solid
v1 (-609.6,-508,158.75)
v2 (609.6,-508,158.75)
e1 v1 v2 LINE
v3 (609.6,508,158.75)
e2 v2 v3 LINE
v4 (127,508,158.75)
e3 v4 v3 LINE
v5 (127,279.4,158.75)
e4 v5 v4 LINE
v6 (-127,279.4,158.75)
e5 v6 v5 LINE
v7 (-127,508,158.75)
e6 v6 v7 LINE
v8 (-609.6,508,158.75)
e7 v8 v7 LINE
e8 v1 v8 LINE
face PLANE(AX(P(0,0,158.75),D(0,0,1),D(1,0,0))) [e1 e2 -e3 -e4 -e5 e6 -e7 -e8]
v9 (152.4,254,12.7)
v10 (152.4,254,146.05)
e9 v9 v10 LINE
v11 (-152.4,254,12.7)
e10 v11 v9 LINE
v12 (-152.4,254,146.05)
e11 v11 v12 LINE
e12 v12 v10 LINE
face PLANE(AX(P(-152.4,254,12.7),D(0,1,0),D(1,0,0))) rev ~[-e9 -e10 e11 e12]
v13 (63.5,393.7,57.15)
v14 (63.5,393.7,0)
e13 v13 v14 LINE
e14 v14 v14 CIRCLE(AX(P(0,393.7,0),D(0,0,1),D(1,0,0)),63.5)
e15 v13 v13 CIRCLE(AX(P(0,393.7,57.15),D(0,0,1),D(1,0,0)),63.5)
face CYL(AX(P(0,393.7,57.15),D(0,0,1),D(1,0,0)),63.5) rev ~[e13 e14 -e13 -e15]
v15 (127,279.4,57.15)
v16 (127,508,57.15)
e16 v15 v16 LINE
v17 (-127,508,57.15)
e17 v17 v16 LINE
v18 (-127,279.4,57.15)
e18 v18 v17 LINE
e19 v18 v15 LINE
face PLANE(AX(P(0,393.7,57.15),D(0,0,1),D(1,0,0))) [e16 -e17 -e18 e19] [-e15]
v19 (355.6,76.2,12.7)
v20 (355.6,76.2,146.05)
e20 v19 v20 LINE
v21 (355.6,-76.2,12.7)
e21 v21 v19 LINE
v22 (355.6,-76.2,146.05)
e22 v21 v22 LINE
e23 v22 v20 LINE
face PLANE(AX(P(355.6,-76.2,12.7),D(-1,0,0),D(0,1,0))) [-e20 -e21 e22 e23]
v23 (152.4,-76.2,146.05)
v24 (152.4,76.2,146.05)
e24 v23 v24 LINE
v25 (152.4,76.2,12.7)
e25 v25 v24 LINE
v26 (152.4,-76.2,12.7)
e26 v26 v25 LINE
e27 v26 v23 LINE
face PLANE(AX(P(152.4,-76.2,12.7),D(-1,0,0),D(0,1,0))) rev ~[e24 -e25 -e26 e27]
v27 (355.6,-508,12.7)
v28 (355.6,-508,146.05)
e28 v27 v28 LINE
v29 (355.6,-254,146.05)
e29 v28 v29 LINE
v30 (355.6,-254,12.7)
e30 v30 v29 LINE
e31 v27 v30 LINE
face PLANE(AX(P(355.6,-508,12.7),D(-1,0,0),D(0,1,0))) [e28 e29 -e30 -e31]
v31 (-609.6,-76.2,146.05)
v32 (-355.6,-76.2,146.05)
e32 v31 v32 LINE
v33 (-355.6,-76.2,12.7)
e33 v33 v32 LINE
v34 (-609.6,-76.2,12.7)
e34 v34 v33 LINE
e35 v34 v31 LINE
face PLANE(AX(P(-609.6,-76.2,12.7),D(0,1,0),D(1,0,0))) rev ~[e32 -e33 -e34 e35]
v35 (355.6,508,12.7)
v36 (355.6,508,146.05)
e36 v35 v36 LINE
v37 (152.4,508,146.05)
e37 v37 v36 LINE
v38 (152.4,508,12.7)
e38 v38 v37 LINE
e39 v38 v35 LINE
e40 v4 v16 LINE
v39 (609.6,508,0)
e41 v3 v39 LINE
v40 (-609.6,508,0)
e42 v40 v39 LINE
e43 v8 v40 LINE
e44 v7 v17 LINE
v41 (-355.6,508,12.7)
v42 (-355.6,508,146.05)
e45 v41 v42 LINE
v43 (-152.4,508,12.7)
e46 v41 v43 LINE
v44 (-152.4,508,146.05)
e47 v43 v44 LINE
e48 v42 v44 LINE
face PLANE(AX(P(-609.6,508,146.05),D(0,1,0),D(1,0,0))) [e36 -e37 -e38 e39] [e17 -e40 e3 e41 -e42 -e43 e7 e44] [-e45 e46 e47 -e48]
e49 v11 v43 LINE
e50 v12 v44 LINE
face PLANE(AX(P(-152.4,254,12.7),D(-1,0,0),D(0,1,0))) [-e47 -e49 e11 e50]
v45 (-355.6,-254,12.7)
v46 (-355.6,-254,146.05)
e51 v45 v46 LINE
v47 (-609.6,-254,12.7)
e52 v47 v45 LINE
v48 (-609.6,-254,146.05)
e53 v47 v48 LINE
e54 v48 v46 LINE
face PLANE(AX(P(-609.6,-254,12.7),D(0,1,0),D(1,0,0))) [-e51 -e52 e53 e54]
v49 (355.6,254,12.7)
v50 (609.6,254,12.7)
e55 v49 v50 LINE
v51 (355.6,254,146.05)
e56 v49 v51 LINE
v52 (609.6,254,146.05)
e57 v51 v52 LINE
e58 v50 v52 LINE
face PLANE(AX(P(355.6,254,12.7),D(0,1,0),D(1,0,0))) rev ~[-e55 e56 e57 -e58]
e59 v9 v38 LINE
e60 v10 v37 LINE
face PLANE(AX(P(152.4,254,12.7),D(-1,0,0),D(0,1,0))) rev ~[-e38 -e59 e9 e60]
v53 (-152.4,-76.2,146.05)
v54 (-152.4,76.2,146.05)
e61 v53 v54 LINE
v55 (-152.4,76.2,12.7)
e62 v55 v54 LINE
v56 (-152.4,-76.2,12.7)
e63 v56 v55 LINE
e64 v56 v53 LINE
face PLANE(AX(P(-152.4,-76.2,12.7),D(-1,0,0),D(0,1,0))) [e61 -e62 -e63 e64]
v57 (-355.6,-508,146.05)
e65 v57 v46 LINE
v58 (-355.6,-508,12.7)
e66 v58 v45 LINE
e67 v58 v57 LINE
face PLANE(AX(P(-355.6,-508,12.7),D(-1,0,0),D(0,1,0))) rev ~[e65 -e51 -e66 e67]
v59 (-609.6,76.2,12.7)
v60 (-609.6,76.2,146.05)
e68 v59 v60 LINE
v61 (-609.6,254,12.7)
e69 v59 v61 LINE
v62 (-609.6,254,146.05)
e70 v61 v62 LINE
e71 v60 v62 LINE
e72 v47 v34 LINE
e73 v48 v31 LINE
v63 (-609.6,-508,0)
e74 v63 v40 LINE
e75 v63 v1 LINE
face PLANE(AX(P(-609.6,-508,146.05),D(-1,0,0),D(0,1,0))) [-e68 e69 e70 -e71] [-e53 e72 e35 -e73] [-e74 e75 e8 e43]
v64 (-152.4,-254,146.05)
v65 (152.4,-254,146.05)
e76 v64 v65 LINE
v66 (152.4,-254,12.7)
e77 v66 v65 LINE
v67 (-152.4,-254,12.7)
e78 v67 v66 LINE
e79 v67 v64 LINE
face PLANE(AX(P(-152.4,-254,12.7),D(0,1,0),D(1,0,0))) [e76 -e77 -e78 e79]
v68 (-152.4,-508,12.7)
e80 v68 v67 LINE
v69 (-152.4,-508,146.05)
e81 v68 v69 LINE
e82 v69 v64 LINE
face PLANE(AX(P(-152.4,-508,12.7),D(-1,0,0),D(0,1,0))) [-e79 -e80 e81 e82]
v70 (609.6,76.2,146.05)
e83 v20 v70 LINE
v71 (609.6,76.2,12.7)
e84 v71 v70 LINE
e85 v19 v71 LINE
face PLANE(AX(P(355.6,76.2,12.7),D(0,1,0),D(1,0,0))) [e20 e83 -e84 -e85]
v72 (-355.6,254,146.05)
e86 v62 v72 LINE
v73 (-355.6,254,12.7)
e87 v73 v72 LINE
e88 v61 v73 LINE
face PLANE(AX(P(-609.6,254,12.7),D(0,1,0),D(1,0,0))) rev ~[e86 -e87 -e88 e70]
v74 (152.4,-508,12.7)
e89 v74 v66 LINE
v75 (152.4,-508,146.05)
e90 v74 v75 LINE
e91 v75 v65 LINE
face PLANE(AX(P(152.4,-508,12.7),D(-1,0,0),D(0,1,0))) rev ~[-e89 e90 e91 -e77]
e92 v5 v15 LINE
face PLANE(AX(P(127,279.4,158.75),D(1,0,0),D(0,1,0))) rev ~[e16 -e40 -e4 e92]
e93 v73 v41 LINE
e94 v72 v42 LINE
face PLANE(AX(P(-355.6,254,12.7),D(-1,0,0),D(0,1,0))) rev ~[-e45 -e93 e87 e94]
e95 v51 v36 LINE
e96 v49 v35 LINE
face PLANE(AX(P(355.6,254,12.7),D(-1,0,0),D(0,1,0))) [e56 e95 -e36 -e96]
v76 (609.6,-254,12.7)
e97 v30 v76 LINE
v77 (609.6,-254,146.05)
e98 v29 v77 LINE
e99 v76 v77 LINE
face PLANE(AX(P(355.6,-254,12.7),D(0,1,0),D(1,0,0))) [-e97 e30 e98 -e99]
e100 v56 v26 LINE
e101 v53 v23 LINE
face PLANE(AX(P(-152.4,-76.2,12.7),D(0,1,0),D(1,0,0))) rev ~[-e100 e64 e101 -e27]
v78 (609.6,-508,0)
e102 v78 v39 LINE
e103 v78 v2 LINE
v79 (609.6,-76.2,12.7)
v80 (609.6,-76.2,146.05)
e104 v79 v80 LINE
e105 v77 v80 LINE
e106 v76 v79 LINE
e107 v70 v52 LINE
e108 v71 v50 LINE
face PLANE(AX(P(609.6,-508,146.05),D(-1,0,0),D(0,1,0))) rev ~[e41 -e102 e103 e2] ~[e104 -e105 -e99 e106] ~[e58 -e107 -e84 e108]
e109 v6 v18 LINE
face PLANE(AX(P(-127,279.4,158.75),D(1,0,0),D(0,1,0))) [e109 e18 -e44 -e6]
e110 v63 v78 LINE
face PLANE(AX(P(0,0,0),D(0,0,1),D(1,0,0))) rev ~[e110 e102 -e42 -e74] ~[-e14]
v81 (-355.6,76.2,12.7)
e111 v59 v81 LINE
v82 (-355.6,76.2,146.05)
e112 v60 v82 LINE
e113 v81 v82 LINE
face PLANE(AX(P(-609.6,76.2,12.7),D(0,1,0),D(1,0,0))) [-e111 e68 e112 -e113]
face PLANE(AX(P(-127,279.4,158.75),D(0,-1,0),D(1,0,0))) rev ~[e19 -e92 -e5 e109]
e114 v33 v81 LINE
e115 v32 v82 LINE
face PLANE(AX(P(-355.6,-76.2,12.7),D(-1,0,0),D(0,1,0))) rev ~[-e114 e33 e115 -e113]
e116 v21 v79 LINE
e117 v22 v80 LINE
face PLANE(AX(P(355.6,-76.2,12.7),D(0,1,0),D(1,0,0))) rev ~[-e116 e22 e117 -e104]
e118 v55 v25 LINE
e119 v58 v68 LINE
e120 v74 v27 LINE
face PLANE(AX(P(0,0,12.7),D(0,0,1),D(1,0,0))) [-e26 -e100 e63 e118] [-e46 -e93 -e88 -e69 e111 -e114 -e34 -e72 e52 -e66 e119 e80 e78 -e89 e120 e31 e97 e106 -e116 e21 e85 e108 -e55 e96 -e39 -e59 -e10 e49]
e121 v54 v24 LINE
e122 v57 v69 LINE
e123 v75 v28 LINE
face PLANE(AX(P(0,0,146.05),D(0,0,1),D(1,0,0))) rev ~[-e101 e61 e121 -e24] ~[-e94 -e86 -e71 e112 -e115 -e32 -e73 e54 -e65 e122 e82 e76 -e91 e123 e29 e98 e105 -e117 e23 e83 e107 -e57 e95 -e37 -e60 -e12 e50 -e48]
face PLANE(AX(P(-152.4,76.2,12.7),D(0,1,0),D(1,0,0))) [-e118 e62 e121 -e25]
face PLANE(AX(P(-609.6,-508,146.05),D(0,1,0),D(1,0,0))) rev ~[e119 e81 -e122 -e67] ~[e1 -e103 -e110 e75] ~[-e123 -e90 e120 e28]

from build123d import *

# Parameters (mm, degrees)
F0_W     = 1219.2
F0_H     = 1016
F1_DEPTH = 12.7
F2_W     = 254
F2_H     = 254
F2_W_2   = 304.8
F2_H_2   = 152.4
F3_DEPTH = 133.35
F4_W     = 1219.2
F4_H     = 1016
F5_DEPTH = 12.7
F6_W     = 254
F6_H     = 228.6
F7_DEPTH = 101.6
F8_R     = 63.5
F9_DEPTH = 57.151


with BuildPart() as f1:
    # F0 (on Top) → F1 (new body)
    with BuildSketch(Plane.XY):
        Rectangle(F0_W, F0_H)
    extrude(amount=F1_DEPTH)

    # F2 (on face) → F3 (join)
    with BuildSketch(Plane.XY.offset(12.7)):
        with Locations((-482.6, 381)):
            Rectangle(F2_W, F2_H)
        with Locations((482.6, 381)):
            Rectangle(F2_W, F2_H)
        with Locations((482.6, -381)):
            Rectangle(F2_W, F2_H)
        with Locations((-482.6, -381)):
            Rectangle(F2_W, F2_H)
        with Locations((0, 381)):
            Rectangle(F2_W_2, F2_H)
        with Locations((0, -381)):
            Rectangle(F2_W_2, F2_H)
        with Locations((482.6, 0)):
            Rectangle(F2_W, F2_H_2)
        with Locations((-482.6, 0)):
            Rectangle(F2_W, F2_H_2)
        Rectangle(F2_W_2, F2_H_2)
    extrude(amount=F3_DEPTH)

    # F4 (on face) → F5 (join)
    with BuildSketch(Plane.XY.offset(146.05)):
        Rectangle(F4_W, F4_H)
    extrude(amount=F5_DEPTH)

    # F6 (on face) → F7 (cut)
    with BuildSketch(Plane.XY.offset(158.75)):
        with Locations((0, 393.7)):
            Rectangle(F6_W, F6_H)
    extrude(amount=-F7_DEPTH, mode=Mode.SUBTRACT)

    # F8 (on face) → F9 (cut, through all)
    with BuildSketch(Plane.XY.offset(57.15)):
        with Locations((0, 393.7)):
            Circle(F8_R)
    extrude(amount=-F9_DEPTH, mode=Mode.SUBTRACT)


solid = f1.part
